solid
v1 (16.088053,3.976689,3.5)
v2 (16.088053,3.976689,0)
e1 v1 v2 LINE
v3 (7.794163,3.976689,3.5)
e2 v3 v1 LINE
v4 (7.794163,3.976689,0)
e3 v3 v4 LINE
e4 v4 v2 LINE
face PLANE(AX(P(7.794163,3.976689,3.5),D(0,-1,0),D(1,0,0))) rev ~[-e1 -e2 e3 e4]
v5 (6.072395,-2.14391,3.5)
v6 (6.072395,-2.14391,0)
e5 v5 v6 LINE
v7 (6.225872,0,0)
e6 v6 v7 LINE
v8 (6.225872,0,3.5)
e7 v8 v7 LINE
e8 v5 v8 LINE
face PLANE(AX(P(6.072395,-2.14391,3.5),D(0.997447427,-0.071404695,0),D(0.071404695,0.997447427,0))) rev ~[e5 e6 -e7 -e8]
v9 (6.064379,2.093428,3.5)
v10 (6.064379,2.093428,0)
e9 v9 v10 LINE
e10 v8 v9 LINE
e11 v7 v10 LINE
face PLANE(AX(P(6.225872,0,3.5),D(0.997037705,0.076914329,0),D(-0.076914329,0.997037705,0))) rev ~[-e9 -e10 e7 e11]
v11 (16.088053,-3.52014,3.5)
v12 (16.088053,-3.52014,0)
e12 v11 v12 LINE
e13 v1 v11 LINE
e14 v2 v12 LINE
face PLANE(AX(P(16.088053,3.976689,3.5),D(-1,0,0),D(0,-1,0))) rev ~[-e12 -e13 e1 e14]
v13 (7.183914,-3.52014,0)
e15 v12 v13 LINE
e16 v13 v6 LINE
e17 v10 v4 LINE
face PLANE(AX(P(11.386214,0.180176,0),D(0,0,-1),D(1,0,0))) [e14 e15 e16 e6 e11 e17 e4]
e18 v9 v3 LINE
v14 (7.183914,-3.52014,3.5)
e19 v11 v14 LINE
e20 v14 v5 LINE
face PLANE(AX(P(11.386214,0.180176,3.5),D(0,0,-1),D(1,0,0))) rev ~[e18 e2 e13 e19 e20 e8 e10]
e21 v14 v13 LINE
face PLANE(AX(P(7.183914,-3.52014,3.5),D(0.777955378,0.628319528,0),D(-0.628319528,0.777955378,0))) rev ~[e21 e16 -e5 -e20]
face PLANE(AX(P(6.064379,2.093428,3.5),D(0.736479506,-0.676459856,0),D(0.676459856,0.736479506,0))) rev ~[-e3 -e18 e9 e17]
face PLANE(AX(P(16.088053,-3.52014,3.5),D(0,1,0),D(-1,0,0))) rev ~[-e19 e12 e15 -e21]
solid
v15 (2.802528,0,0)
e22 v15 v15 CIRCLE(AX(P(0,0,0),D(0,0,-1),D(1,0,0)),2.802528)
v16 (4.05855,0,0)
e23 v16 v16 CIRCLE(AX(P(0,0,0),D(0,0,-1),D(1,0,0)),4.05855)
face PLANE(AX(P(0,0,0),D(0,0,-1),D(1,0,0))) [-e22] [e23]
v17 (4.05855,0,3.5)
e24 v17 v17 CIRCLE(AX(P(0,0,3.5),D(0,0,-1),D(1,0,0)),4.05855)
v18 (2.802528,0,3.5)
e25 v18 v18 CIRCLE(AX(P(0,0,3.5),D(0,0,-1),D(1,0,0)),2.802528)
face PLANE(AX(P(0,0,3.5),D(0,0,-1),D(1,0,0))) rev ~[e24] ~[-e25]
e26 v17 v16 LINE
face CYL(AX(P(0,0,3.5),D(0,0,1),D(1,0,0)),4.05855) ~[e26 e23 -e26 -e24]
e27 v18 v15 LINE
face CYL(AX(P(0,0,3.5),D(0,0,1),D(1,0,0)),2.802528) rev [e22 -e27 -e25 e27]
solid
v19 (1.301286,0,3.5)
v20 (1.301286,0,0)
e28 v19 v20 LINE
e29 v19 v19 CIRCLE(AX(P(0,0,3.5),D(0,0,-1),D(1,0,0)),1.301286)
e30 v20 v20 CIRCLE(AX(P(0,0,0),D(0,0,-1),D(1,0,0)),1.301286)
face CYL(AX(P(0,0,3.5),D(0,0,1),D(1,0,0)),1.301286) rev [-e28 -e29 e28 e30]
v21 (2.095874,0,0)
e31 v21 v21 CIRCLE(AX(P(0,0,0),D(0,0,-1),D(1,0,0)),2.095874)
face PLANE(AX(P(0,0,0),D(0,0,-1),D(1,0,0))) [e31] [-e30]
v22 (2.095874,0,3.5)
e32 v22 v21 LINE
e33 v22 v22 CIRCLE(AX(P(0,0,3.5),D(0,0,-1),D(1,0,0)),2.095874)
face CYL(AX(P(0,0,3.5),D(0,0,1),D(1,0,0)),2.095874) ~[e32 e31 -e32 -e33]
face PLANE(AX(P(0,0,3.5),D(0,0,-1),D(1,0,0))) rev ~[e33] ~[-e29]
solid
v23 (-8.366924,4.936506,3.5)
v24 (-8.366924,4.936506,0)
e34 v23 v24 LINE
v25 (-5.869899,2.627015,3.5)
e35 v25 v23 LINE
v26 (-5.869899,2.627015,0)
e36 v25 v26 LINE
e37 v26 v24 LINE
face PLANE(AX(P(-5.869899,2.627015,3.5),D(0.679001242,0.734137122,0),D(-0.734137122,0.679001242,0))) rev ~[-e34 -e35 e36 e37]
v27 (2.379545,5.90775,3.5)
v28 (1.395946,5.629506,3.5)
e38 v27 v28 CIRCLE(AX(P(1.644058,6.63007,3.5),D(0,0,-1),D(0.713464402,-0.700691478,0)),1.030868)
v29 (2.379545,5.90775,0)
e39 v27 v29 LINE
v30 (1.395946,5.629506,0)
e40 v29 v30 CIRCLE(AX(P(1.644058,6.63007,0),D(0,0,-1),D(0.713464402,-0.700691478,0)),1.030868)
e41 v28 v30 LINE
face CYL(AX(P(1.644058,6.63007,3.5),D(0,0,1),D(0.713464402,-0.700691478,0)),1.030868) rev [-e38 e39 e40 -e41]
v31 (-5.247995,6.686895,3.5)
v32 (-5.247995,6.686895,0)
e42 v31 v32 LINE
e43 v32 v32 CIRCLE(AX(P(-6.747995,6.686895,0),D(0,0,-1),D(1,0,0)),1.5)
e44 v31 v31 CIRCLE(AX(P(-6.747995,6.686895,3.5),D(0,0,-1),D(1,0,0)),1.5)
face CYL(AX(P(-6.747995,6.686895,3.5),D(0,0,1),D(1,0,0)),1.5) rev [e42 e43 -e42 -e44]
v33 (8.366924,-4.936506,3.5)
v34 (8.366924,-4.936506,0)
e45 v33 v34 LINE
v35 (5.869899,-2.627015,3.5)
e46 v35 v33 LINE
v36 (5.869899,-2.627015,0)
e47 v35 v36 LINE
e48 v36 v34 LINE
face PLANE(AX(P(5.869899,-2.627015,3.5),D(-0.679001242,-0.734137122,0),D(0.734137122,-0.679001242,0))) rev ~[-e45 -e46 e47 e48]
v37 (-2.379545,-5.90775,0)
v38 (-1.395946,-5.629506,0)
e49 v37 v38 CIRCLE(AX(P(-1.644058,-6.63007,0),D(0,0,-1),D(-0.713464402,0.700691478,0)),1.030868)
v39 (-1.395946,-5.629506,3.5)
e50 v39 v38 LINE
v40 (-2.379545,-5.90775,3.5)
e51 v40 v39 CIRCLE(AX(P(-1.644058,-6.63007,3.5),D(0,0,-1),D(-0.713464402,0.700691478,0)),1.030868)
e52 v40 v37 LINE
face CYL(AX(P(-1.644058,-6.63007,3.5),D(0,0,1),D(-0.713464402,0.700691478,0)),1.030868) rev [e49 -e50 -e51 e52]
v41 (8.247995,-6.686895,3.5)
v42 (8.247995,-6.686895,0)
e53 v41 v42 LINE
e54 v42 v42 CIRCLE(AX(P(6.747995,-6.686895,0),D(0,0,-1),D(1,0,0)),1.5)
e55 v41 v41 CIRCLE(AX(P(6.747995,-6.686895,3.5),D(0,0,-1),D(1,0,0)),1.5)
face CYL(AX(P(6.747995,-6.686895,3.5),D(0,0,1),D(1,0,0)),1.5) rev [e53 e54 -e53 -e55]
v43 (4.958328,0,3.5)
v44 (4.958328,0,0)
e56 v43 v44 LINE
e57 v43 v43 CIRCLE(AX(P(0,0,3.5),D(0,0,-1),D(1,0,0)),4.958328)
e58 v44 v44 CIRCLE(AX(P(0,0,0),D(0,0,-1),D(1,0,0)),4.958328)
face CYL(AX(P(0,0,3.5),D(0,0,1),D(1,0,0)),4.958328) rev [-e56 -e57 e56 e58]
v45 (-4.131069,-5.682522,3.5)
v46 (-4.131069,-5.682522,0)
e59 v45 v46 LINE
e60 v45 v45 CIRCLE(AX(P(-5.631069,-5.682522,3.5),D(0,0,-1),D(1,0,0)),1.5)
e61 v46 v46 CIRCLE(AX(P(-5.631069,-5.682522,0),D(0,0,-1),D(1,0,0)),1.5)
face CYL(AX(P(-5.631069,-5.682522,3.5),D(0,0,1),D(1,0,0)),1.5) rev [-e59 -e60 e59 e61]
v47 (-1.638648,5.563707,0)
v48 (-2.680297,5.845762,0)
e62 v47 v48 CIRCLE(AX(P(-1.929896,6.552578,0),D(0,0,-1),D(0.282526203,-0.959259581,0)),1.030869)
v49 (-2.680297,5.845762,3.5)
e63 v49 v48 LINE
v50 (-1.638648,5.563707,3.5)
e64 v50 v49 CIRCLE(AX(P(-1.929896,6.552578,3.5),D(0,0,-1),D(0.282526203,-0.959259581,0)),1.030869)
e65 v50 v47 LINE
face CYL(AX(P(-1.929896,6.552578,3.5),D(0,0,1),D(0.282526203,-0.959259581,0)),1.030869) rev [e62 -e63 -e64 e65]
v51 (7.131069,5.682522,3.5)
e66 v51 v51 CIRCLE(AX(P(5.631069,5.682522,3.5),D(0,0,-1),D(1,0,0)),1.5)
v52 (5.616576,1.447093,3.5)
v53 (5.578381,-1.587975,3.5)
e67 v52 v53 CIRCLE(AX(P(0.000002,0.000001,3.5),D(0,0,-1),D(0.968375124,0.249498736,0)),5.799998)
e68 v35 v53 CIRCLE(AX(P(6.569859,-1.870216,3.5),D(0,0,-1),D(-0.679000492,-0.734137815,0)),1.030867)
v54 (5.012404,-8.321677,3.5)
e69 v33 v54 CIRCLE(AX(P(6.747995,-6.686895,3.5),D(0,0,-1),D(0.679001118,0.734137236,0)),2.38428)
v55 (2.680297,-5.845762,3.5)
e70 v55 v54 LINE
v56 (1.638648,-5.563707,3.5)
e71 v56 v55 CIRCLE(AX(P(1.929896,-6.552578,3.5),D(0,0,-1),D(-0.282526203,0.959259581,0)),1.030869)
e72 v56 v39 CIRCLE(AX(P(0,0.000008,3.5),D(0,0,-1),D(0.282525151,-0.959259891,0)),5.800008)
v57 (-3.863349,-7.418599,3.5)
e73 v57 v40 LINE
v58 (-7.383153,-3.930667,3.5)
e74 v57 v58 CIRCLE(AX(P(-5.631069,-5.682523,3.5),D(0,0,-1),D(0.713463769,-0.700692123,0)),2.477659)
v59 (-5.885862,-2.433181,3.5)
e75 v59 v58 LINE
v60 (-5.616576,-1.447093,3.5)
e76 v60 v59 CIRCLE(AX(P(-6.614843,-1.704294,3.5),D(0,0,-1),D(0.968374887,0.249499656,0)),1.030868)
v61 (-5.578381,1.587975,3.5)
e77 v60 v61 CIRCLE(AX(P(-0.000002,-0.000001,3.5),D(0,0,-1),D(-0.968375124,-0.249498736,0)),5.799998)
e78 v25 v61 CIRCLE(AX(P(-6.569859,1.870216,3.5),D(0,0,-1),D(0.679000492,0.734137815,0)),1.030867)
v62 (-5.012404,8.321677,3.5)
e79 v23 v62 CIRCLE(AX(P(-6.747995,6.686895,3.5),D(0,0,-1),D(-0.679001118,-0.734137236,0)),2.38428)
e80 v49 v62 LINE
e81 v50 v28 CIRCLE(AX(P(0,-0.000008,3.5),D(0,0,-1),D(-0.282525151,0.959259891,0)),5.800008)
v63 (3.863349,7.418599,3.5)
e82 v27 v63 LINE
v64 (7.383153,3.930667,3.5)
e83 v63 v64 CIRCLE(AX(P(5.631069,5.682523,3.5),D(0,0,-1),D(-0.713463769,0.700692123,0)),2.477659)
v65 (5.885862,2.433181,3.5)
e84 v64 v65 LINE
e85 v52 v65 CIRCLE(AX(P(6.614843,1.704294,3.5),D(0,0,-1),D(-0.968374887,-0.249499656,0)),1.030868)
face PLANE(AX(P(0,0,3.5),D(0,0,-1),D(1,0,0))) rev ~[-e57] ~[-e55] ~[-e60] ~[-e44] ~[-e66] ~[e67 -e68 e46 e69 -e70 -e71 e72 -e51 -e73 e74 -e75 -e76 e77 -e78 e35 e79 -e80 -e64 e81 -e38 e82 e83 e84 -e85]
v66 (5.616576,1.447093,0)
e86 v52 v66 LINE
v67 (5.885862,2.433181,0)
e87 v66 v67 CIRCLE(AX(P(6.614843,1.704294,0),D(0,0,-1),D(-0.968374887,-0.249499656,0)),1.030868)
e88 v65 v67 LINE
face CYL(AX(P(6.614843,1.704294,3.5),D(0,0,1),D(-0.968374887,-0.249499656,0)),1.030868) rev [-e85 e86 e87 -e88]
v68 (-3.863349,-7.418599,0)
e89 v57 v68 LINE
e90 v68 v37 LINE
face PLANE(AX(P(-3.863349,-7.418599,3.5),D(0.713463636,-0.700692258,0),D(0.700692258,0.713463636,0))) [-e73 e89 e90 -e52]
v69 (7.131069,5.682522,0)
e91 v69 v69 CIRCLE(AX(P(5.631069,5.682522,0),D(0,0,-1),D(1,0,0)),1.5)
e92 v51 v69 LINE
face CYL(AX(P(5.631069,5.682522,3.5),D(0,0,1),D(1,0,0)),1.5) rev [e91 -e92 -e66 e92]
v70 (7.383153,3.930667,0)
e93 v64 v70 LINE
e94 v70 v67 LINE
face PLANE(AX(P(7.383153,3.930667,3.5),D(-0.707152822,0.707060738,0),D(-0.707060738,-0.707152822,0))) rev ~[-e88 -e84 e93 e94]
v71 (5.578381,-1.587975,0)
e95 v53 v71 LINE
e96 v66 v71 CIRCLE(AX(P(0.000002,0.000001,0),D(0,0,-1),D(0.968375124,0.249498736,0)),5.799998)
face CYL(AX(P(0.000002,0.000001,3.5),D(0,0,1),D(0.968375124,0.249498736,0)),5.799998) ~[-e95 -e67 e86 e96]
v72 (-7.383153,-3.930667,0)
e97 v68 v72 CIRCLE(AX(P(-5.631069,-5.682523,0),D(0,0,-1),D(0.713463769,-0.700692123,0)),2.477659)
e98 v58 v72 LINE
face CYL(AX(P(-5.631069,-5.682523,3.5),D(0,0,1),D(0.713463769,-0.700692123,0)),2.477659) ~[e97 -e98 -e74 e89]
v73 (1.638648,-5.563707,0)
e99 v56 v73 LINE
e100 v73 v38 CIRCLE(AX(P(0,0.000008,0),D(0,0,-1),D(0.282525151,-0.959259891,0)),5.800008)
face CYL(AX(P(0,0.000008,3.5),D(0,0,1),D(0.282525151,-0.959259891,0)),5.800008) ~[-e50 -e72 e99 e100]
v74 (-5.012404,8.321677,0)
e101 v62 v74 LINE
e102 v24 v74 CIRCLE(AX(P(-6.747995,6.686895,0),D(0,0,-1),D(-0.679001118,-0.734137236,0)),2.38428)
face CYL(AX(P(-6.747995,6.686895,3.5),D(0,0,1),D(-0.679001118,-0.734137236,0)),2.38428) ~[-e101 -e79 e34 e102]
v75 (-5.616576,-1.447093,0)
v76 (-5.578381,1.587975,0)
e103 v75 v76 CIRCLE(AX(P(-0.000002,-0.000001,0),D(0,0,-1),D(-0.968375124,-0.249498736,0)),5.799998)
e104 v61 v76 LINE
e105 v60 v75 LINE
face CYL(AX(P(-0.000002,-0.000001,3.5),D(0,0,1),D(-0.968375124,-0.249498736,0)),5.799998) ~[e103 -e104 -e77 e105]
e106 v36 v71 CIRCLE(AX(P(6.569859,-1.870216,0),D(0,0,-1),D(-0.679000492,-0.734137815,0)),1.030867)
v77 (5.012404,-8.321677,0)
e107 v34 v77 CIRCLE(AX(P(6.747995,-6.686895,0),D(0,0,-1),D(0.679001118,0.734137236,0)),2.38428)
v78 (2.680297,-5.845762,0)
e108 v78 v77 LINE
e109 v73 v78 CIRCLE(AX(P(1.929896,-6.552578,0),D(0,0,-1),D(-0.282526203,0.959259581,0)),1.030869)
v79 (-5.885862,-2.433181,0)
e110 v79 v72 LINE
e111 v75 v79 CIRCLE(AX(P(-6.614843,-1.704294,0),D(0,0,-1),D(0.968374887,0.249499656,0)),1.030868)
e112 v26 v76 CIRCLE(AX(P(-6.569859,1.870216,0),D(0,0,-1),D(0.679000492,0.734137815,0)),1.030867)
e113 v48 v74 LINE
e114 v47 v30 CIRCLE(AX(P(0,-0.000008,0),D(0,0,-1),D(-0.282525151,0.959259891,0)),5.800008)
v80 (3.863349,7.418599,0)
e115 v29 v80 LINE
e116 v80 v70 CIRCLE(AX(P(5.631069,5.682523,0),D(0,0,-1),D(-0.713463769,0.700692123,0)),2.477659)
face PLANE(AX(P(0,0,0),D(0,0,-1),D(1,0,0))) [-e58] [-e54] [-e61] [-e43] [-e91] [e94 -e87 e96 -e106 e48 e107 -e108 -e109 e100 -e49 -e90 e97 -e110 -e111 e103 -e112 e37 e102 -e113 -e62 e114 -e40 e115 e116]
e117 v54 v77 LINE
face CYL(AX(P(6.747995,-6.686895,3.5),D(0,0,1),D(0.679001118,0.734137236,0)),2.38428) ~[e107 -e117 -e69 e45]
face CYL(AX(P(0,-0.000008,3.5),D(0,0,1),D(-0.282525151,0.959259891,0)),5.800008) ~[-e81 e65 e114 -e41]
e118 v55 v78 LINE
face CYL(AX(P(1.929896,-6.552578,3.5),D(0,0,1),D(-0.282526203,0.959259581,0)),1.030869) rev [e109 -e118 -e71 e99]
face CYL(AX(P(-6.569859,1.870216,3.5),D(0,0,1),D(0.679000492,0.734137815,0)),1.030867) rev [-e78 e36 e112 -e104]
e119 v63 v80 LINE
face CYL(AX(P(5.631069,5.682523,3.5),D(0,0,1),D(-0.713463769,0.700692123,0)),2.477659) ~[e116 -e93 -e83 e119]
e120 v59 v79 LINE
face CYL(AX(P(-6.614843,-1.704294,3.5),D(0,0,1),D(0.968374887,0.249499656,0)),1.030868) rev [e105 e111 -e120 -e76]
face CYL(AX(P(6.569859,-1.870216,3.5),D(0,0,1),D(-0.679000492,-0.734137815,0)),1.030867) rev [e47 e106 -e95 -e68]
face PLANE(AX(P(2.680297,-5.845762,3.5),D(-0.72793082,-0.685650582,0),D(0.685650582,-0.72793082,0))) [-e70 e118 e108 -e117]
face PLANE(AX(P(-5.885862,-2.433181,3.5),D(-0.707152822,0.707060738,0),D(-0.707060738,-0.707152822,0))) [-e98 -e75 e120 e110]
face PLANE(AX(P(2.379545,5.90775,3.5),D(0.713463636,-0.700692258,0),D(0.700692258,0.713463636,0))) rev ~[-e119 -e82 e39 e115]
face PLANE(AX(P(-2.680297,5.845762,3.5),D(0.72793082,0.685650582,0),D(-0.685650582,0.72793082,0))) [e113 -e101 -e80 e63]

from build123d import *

# Parameters (mm, degrees)
SKETCH001_R             = 4.958328
SKETCH001_R_2           = 1.5
SKETCH001_R_3           = 4.05855
SKETCH001_R_4           = 2.802528
SKETCH001_R_5           = 2.095874
SKETCH001_R_6           = 1.301286
EXTRUDE_DEPTH           = 3.5
EXTRUDE_PLACEMENT_ANGLE = 180


with BuildPart() as part:
    # Sketch001 → Extrude (new body)
    with BuildSketch(Plane.XY):
        with BuildLine():
            ThreePointArc((8.366924, 4.936506), (8.441586, 8.36515), (5.012404, 8.321677))
            Line((2.680297, 5.845762), (5.012404, 8.321677))
            ThreePointArc((1.638648, 5.563707), (2.199329, 5.557542), (2.680297, 5.845762))
            ThreePointArc((1.638648, 5.563707), (0.125732, 5.798637), (-1.395946, 5.629506))
            ThreePointArc((-2.379545, 5.90775), (-1.924662, 5.638128), (-1.395946, 5.629506))
            Line((-3.863349, 7.418599), (-2.379545, 5.90775))
            ThreePointArc((-3.863349, 7.418599), (-7.375053, 7.442442), (-7.383153, 3.930667))
            Line((-5.885862, 2.433181), (-7.383153, 3.930667))
            ThreePointArc((-5.616576, 1.447093), (-5.620389, 1.975865), (-5.885862, 2.433181))
            ThreePointArc((-5.616576, 1.447093), (-5.799541, -0.072984), (-5.578381, -1.587975))
            ThreePointArc((-5.869899, -2.627015), (-5.577316, -2.148689), (-5.578381, -1.587975))
            Line((-5.869899, -2.627015), (-8.366924, -4.936506))
            ThreePointArc((-8.366924, -4.936506), (-8.441586, -8.36515), (-5.012404, -8.321677))
            Line((-2.680297, -5.845762), (-5.012404, -8.321677))
            ThreePointArc((-1.638648, -5.563707), (-2.199329, -5.557542), (-2.680297, -5.845762))
            ThreePointArc((-1.638648, -5.563707), (-0.125732, -5.798637), (1.395946, -5.629506))
            ThreePointArc((2.379545, -5.90775), (1.924662, -5.638128), (1.395946, -5.629506))
            Line((2.379545, -5.90775), (3.863349, -7.418599))
            ThreePointArc((3.863349, -7.418599), (7.375053, -7.442442), (7.383153, -3.930667))
            Line((7.383153, -3.930667), (5.885862, -2.433181))
            ThreePointArc((5.616576, -1.447093), (5.620389, -1.975865), (5.885862, -2.433181))
            ThreePointArc((5.616576, -1.447093), (5.799541, 0.072984), (5.578381, 1.587975))
            ThreePointArc((5.869899, 2.627015), (5.577316, 2.148689), (5.578381, 1.587975))
            Line((5.869899, 2.627015), (8.366924, 4.936506))
        make_face()
        Circle(SKETCH001_R, mode=Mode.SUBTRACT)
        with Locations((6.747995, 6.686895)):
            Circle(SKETCH001_R_2, mode=Mode.SUBTRACT)
        with Locations((-5.631069, 5.682522)):
            Circle(SKETCH001_R_2, mode=Mode.SUBTRACT)
        with Locations((-6.747995, -6.686895)):
            Circle(SKETCH001_R_2, mode=Mode.SUBTRACT)
        with Locations((5.631069, -5.682522)):
            Circle(SKETCH001_R_2, mode=Mode.SUBTRACT)
        Polygon((16.088053, -3.976689), (16.088053, 3.52014), (7.183914, 3.52014), (6.072395, 2.14391), (6.225872, 0), (6.064379, -2.093428), (7.794163, -3.976689), align=None)
        Circle(SKETCH001_R_3)
        Circle(SKETCH001_R_4, mode=Mode.SUBTRACT)
        Circle(SKETCH001_R_5)
        Circle(SKETCH001_R_6, mode=Mode.SUBTRACT)
    extrude(amount=EXTRUDE_DEPTH)


with BuildPart() as part_1:
    # Extrude placement: moved
    add(part.part.moved(Location((0, 0, 3.5))).rotate(Axis((0, 0, 3.5), (1, 0, 0)), EXTRUDE_PLACEMENT_ANGLE))


solid = part_1.part
